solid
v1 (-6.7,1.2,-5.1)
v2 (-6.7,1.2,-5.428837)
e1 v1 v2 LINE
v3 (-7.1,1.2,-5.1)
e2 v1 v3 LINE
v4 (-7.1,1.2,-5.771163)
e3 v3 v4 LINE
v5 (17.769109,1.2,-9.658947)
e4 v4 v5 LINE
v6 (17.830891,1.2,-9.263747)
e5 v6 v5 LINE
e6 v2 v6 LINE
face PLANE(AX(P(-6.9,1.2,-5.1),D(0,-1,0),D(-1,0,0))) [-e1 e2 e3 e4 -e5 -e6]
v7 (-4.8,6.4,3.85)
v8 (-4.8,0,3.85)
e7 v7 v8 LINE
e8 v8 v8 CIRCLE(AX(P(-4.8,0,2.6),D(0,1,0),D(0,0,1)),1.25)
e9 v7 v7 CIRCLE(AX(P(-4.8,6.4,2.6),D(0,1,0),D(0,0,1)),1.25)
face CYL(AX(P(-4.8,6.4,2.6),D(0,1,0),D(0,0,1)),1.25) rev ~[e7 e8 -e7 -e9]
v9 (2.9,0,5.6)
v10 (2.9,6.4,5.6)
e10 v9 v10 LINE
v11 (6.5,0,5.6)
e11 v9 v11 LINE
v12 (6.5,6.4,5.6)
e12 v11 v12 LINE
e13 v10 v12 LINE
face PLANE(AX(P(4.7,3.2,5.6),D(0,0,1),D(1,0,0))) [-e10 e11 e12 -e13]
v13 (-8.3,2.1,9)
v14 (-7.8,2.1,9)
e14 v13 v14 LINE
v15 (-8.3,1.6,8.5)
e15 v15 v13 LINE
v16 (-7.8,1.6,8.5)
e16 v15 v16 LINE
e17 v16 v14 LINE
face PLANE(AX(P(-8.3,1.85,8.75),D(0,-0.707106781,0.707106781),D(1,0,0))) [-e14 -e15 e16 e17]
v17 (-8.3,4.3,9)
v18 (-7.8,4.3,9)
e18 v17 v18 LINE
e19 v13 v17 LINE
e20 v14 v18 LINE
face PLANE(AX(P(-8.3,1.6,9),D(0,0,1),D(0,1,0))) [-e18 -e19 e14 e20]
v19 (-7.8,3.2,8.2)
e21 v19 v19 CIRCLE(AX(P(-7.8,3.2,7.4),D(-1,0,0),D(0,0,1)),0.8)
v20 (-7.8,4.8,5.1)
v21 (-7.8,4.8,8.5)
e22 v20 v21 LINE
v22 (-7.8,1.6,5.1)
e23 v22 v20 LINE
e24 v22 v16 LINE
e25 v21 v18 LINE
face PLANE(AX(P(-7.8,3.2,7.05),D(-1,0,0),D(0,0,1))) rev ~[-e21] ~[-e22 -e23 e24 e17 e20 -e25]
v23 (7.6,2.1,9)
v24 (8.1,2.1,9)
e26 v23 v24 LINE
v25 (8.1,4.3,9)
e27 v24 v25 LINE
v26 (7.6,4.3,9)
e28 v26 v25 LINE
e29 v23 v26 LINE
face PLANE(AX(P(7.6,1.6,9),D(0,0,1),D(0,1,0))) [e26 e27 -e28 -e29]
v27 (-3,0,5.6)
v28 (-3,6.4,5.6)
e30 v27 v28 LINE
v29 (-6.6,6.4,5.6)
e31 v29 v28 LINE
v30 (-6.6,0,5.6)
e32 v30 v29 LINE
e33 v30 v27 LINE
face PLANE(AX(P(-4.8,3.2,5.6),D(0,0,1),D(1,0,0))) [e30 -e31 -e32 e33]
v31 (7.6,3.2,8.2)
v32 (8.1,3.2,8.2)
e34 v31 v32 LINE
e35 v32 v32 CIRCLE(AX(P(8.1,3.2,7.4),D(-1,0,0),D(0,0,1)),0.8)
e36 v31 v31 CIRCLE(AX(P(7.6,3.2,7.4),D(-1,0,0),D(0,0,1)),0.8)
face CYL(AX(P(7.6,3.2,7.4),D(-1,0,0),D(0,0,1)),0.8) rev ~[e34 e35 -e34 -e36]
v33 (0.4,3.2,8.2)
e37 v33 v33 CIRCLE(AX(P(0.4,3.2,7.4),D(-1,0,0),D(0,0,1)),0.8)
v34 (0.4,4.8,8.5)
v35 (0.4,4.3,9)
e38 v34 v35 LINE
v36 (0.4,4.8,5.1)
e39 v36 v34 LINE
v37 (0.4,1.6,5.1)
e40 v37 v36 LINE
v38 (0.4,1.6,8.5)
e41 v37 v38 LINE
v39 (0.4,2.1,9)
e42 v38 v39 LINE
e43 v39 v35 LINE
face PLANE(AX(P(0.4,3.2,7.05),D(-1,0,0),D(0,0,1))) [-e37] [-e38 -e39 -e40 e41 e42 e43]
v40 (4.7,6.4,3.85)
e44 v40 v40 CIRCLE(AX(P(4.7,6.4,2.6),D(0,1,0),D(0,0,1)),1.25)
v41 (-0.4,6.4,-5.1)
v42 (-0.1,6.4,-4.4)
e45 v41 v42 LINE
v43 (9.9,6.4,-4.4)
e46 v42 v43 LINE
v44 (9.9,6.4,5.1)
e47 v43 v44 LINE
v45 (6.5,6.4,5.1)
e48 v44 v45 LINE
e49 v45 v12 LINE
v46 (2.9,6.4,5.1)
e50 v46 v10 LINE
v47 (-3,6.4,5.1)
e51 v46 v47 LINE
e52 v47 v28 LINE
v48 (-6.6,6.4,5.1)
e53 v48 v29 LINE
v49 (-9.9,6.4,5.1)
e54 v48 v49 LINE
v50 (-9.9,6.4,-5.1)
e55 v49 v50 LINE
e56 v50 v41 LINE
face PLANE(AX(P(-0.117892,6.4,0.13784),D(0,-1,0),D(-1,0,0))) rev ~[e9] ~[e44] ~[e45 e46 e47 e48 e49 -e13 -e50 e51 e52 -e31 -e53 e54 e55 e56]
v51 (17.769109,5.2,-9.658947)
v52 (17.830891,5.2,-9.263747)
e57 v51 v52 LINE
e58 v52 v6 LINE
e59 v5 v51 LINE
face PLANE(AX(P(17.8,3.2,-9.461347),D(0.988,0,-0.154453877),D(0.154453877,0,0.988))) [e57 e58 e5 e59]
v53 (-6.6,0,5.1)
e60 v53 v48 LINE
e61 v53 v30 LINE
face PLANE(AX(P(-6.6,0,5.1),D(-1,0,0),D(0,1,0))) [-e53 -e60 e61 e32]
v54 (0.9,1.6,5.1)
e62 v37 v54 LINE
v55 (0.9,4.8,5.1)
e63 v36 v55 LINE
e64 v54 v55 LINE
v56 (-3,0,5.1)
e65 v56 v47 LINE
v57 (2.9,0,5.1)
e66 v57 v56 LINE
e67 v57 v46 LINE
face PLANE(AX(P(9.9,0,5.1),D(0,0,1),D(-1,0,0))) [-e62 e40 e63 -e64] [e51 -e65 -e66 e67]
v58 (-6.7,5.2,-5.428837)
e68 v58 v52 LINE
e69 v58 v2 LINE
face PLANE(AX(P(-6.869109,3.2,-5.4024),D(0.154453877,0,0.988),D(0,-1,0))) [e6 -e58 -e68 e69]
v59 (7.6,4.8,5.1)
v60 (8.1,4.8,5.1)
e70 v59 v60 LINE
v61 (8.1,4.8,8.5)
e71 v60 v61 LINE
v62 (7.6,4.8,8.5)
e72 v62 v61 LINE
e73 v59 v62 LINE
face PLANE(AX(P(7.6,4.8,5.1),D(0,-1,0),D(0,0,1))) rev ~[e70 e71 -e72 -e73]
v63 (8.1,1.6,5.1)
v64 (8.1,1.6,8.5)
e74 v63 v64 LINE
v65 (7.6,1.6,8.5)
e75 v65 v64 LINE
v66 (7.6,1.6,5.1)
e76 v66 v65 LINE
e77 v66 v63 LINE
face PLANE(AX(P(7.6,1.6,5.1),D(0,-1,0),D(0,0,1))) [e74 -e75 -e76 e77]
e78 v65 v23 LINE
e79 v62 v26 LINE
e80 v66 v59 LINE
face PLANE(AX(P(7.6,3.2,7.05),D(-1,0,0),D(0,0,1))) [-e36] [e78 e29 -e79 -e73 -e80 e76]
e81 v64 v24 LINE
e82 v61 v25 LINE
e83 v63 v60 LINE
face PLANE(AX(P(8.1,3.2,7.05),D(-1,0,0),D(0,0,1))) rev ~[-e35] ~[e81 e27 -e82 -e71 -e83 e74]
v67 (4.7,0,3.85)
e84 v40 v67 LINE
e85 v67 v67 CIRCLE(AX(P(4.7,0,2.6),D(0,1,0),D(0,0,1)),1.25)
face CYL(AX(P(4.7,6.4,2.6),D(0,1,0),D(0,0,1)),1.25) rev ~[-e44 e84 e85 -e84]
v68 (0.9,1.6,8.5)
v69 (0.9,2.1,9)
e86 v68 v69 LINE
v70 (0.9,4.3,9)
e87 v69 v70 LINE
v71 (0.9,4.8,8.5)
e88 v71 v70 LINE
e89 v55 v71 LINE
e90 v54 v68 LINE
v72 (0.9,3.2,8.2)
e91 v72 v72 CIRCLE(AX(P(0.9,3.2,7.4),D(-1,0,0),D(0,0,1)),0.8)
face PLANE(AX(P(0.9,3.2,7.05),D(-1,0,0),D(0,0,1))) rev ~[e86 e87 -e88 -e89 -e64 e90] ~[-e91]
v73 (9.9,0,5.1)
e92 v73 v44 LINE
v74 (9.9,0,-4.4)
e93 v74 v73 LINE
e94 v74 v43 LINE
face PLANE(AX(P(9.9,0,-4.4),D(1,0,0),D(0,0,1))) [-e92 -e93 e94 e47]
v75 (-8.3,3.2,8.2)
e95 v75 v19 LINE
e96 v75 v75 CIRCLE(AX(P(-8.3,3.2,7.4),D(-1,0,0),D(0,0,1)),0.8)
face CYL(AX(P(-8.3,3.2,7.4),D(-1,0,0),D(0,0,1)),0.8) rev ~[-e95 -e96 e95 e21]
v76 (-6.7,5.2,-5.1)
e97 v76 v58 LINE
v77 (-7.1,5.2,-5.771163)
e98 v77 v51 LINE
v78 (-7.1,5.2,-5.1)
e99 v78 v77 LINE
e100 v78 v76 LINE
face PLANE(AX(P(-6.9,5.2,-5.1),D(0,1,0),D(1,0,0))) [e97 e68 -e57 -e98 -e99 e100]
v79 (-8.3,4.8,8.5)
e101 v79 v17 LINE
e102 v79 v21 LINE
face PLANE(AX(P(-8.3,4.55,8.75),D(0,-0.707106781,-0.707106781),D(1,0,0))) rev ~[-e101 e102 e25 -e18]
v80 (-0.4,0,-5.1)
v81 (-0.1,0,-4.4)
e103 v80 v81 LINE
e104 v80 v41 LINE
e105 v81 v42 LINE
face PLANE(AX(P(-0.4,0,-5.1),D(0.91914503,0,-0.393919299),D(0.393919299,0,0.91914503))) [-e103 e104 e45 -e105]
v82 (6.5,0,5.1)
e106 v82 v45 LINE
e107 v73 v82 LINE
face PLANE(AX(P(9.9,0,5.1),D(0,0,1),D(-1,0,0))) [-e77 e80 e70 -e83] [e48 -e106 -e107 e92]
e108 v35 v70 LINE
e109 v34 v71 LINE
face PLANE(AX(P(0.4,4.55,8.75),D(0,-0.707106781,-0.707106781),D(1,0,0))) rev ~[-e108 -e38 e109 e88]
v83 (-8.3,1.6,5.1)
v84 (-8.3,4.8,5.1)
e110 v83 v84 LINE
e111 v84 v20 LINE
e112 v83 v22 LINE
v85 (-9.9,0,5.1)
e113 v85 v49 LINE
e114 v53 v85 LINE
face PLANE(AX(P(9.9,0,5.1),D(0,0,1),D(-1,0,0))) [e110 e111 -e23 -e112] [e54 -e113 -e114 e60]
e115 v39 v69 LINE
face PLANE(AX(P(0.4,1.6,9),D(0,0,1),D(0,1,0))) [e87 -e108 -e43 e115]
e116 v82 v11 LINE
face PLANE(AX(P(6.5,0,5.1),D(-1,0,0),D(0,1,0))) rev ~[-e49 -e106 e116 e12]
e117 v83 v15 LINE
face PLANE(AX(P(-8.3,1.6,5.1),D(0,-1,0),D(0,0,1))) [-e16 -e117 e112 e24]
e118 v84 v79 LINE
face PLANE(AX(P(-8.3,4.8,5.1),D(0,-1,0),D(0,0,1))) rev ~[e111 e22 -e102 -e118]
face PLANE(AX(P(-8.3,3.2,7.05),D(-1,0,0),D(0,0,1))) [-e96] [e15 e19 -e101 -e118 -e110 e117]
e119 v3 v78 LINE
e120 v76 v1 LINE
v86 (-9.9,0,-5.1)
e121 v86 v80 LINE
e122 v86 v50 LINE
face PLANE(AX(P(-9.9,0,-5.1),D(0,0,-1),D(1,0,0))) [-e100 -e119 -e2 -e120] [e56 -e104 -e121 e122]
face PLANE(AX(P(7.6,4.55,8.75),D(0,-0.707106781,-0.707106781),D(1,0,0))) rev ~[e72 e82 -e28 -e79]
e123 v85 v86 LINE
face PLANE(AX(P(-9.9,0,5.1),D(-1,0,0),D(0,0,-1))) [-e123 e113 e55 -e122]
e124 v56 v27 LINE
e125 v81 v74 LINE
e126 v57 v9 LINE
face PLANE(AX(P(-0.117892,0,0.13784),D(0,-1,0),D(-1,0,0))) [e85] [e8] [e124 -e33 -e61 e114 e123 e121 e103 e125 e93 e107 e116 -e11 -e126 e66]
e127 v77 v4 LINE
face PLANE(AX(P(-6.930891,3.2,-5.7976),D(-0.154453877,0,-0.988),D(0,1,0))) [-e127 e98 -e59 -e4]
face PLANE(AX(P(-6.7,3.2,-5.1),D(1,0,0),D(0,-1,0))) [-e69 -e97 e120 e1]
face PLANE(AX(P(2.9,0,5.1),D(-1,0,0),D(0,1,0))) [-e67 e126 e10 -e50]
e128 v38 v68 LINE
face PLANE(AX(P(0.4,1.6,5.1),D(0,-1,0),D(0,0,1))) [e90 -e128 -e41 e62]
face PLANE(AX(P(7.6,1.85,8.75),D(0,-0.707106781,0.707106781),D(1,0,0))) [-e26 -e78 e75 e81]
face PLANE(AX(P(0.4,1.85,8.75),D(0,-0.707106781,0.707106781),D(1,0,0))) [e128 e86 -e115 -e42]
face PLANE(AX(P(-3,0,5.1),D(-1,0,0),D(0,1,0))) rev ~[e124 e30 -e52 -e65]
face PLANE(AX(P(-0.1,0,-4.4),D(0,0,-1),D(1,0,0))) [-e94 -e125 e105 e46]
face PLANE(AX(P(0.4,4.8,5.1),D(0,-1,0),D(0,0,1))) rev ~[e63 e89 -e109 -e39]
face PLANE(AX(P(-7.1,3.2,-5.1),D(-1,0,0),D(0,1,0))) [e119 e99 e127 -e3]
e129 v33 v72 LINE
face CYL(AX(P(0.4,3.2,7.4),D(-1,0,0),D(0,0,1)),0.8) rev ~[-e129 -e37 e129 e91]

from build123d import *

# Parameters (mm, degrees)
EXTRUDE_1_DEPTH                        = 6.4
SKETCH_3_R                             = 1.25
CUT_EXTRUDE_1_DEPTH                    = 13.844454056
EXTRUDE_START                          = -1.6
SKETCH_4_W                             = 3.9
SKETCH_4_H                             = 3.2
SKETCH_4_R                             = 0.8
EXTRUDE_2_DEPTH                        = 0.5
CHAMFER_1_SIZE                         = 0.5
PATTERN_LINEAR_1_COUNT                 = 2
PATTERN_LINEAR_1_PITCH                 = 8.7
CHAMFER_1_OF_PATTERN_LINEAR_1_SIZE     = 0.5
PATTERN_LINEAR_1_COL_COUNT             = 2
PATTERN_LINEAR_1_COL_PITCH             = 15.9
CHAMFER_1_OF_PATTERN_LINEAR_1_COL_SIZE = 0.5
SKETCH_6_W                             = 0.4
SKETCH_6_H                             = 4
SKETCH_7_W                             = 3.6
SKETCH_7_H                             = 6.4
EXTRUDE_4_DEPTH                        = 0.5


with BuildPart() as part:
    # 草圖1 → 填料-伸長1 (new body)
    with BuildSketch(Plane(origin=(0, 0, 0), x_dir=(1, 0, 0), z_dir=(0, 1, 0))):
        Polygon((-0.4, 5.1), (-0.1, 4.4), (9.9, 4.4), (9.9, -5.1), (-9.9, -5.1), (-9.9, 5.1), align=None)
    extrude(amount=EXTRUDE_1_DEPTH)

    # 草圖3 → 除料-伸長1 (cut, through all)
    with BuildSketch(Plane(origin=(0, 6.4, 0), x_dir=(1, 0, 0), z_dir=(0, 1, 0))):
        with Locations((-4.8, -2.6)):
            Circle(SKETCH_3_R)
        with Locations((4.7, -2.6)):
            Circle(SKETCH_3_R)
    extrude(amount=-CUT_EXTRUDE_1_DEPTH, mode=Mode.SUBTRACT)

    # 草圖4 → 填料-伸長2 (add)
    with BuildSketch(Plane.ZY.offset(9.9).offset(EXTRUDE_START)):
        with Locations((7.05, 3.2)):
            Rectangle(SKETCH_4_W, SKETCH_4_H)
        with Locations((7.4, 3.2)):
            Circle(SKETCH_4_R, mode=Mode.SUBTRACT)
    extrude_2 = extrude(amount=-EXTRUDE_2_DEPTH)

    # 導角1
    chamfer_1_edges = [part.edges().sort_by_distance(p)[0] for p in [
        (-8.05, 1.6, 9),
        (-8.05, 4.8, 9),
    ]]
    chamfer(chamfer_1_edges, length=CHAMFER_1_SIZE)

    # 直線複製排列1: 填料-伸長2 ×2
    with Locations(*[(i * PATTERN_LINEAR_1_PITCH, 0, 0) for i in range(1, PATTERN_LINEAR_1_COUNT)]):
        add(extrude_2)

    # 導角1 of 直線複製排列1
    chamfer_1_of_pattern_linear_1_edges = [part.edges().sort_by_distance(p)[0] for p in [
        (0.65, 1.6, 9),
        (0.65, 4.8, 9),
    ]]
    chamfer(chamfer_1_of_pattern_linear_1_edges, length=CHAMFER_1_OF_PATTERN_LINEAR_1_SIZE)

    # 直線複製排列1 col: 填料-伸長2 ×2
    with Locations(*[(i * PATTERN_LINEAR_1_COL_PITCH, 0, 0) for i in range(1, PATTERN_LINEAR_1_COL_COUNT)]):
        add(extrude_2)

    # 導角1 of 直線複製排列1 col
    chamfer_1_of_pattern_linear_1_col_edges = [part.edges().sort_by_distance(p)[0] for p in [
        (7.85, 1.6, 9),
        (7.85, 4.8, 9),
    ]]
    chamfer(chamfer_1_of_pattern_linear_1_col_edges, length=CHAMFER_1_OF_PATTERN_LINEAR_1_COL_SIZE)

    # 掃出1: sweep along a path in 草圖5
    with BuildLine(Plane(origin=(0, 3.2, 0), x_dir=(1, 0, 0), z_dir=(0, 1, 0))) as sweep_1_path:
        Line((-6.9, 5.1), (-6.9, 5.6))
        Line((-6.9, 5.6), (17.8, 9.461346915))
    # 草圖6 → 掃出1 (sweep)
    with BuildSketch(Plane(origin=(0, 0, -5.1), x_dir=(-1, 0, 0), z_dir=(0, 0, -1))):
        with Locations((6.9, 3.2)):
            Rectangle(SKETCH_6_W, SKETCH_6_H)
    sweep(path=sweep_1_path.line, transition=Transition.RIGHT)

    # 草圖7 → 填料-伸長4 (add)
    with BuildSketch(Plane.XY.offset(5.1)):
        with Locations((-4.8, 3.2)):
            Rectangle(SKETCH_7_W, SKETCH_7_H)
        with Locations((4.7, 3.2)):
            Rectangle(SKETCH_7_W, SKETCH_7_H)
    extrude(amount=EXTRUDE_4_DEPTH)


solid = part.part
